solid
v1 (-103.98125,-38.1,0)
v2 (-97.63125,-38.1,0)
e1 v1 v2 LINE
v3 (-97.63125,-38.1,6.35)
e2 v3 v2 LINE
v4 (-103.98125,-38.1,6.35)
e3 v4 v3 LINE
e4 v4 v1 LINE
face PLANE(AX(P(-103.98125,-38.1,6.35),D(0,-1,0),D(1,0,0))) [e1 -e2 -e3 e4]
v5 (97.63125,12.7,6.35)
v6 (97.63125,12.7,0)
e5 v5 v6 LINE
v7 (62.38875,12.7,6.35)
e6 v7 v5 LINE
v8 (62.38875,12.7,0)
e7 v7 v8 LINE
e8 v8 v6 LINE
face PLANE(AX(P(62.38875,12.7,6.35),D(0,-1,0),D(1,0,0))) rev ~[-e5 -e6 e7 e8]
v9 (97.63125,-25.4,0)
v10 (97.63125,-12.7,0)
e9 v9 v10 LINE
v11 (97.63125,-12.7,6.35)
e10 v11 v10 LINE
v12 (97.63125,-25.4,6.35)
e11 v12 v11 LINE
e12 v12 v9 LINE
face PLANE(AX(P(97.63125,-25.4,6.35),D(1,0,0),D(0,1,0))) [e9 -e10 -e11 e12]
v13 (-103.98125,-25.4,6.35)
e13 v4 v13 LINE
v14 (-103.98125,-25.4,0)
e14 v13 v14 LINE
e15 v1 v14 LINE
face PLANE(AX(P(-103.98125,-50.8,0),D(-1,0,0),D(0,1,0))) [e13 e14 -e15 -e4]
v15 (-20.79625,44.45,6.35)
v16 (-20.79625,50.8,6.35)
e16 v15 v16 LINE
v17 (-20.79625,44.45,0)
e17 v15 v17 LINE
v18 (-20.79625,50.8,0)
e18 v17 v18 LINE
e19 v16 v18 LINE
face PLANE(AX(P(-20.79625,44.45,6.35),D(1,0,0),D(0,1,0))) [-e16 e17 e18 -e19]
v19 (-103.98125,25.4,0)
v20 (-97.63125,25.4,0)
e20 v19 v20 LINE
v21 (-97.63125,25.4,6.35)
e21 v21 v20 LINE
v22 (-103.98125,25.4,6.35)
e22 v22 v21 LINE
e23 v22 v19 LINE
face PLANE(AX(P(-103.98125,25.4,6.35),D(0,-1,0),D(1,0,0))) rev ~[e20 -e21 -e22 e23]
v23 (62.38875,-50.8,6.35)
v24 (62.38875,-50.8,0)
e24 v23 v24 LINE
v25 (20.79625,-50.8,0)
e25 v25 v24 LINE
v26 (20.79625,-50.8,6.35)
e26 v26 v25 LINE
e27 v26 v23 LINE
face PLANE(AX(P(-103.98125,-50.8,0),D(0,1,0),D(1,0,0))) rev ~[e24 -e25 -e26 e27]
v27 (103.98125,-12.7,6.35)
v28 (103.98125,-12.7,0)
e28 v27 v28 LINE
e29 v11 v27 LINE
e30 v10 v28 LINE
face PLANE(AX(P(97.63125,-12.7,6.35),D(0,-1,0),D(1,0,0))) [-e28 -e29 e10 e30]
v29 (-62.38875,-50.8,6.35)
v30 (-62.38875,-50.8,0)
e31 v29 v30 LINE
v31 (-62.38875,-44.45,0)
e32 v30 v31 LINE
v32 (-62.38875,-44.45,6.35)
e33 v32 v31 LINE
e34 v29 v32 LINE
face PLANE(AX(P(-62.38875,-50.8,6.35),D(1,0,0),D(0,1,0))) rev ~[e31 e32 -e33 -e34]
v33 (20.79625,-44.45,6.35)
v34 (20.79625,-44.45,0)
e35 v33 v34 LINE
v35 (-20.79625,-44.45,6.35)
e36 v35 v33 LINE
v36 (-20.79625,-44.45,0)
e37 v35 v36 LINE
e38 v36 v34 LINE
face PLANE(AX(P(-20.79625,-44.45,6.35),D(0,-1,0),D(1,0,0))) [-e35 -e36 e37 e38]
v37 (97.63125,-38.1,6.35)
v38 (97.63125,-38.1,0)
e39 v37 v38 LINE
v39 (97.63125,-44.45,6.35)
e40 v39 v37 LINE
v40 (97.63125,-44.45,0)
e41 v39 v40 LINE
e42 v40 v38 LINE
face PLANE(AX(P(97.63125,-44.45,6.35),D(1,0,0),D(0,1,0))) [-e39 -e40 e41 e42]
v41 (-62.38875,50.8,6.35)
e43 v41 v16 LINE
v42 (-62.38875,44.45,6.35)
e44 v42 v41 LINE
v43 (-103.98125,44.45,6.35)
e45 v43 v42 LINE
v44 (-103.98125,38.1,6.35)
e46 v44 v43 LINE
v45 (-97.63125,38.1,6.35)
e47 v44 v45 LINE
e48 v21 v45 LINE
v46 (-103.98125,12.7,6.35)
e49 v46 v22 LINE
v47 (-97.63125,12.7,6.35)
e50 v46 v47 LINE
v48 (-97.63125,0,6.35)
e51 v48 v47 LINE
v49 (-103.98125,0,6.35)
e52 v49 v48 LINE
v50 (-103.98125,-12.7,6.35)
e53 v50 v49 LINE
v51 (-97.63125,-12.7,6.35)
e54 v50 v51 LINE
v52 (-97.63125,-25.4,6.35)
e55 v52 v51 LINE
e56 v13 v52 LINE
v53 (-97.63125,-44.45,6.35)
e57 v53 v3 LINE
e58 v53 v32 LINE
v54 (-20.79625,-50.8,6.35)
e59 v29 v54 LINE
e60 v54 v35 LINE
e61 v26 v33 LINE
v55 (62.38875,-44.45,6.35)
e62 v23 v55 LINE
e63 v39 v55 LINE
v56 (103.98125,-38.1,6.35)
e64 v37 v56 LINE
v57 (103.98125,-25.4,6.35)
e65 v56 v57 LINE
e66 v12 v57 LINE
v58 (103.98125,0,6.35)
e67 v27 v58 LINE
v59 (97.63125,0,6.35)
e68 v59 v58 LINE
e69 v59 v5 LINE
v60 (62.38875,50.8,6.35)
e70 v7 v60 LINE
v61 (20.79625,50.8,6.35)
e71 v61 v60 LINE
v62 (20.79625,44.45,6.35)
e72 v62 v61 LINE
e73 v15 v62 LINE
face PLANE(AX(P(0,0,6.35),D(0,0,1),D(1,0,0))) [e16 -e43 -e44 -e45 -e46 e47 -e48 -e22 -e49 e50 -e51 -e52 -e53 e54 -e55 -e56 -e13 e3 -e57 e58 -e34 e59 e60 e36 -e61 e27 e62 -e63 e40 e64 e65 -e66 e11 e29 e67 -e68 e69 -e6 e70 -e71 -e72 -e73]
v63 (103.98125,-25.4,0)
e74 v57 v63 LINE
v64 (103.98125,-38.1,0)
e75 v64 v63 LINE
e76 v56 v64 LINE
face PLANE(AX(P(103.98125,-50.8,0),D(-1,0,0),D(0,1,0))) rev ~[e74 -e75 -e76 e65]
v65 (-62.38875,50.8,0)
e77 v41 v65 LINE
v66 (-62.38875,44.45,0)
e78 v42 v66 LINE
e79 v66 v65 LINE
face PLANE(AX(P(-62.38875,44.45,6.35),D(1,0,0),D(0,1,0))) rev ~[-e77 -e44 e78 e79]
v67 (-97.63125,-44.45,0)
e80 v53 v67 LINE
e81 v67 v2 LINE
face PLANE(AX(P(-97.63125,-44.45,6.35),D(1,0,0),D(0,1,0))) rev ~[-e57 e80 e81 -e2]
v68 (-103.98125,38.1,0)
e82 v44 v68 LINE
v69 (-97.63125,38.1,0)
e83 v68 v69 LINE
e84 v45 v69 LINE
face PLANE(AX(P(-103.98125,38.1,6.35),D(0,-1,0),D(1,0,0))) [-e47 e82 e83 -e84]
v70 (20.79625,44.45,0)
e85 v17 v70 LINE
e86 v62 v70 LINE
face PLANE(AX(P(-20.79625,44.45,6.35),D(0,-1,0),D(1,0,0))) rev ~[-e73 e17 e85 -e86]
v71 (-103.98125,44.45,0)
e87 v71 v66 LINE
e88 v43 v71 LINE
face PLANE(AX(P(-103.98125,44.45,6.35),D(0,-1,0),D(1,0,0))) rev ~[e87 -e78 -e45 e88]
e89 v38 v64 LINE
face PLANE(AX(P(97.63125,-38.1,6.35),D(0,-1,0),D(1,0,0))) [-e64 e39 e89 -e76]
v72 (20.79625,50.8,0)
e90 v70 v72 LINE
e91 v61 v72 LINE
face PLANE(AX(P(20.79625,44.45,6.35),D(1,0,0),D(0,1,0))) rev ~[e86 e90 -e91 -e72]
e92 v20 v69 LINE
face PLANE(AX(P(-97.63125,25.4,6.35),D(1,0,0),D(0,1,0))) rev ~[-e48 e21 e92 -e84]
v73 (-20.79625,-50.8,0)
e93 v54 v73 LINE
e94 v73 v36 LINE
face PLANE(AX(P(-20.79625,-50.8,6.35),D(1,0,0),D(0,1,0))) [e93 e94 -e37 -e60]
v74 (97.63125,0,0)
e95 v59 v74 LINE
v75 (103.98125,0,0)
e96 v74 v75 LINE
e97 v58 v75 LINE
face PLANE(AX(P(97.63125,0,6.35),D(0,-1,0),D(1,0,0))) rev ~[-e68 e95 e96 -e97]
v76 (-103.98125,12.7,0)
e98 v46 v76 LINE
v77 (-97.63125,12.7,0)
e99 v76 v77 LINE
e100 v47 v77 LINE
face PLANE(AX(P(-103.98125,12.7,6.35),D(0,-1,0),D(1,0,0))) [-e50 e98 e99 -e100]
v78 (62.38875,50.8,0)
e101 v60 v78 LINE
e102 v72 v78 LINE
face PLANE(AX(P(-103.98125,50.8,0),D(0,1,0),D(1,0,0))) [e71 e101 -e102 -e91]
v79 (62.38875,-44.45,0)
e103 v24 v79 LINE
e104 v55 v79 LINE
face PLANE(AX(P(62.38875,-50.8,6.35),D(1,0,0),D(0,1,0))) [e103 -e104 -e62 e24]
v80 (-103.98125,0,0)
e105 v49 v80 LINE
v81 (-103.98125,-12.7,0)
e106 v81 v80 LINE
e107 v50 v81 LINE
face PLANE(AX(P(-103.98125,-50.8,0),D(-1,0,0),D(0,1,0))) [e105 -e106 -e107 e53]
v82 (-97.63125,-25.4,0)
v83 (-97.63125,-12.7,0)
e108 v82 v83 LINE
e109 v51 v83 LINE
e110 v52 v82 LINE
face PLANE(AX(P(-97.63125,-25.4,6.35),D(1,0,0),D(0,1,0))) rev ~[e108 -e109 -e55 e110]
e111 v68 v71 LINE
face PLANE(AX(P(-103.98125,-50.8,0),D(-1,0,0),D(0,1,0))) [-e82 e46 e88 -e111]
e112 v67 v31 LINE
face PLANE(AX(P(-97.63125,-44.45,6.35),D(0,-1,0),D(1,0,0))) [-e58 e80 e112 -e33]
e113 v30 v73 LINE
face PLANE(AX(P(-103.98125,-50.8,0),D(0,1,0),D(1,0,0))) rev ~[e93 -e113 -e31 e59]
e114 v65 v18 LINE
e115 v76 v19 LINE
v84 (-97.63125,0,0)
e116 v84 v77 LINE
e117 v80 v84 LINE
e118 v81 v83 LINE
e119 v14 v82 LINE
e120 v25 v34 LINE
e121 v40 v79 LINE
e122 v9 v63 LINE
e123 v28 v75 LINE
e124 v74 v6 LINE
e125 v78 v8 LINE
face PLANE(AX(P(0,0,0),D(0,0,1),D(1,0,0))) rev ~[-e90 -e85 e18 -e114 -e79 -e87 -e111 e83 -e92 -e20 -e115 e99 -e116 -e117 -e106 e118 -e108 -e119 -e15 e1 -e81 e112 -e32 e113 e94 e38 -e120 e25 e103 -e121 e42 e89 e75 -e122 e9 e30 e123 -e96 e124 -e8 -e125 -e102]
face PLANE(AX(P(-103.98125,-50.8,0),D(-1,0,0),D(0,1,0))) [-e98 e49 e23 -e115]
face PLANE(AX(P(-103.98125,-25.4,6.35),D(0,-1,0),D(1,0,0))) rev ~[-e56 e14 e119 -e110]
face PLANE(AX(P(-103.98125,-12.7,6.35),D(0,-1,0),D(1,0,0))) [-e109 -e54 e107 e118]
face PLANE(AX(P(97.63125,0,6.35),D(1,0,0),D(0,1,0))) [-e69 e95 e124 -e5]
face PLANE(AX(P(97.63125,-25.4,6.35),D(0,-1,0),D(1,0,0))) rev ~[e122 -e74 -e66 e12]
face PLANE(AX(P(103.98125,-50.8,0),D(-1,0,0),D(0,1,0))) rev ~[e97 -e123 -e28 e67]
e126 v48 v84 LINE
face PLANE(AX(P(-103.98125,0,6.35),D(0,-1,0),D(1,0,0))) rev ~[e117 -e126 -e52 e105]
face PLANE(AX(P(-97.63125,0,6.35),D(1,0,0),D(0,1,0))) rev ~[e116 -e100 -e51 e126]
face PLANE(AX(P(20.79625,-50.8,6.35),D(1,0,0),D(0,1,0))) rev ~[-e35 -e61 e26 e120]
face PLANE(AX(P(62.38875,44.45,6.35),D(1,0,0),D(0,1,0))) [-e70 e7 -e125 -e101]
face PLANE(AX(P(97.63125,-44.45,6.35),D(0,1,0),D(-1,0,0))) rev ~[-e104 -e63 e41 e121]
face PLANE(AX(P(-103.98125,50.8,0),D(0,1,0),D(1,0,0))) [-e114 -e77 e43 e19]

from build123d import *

# Parameters (mm, degrees)
SKETCH1_W           = 207.9625
SKETCH1_H           = 101.6
BOSS_EXTRUDE1_DEPTH = 6.35
SKETCH2_W           = 41.5925
SKETCH2_H           = 6.35
SKETCH2_W_2         = 35.2425
SKETCH2_W_3         = 6.35
SKETCH2_H_2         = 12.7
CUT_EXTRUDE1_DEPTH  = 6.35
SKETCH3_W           = 41.5925
SKETCH3_H           = 31.75
CUT_EXTRUDE2_DEPTH  = 6.35


with BuildPart() as part:
    # Sketch1 → Boss-Extrude1 (new body)
    with BuildSketch(Plane.XY):
        Rectangle(SKETCH1_W, SKETCH1_H)
    extrude(amount=BOSS_EXTRUDE1_DEPTH)

    # Sketch2 → Cut-Extrude1 (cut)
    with BuildSketch(Plane.XY.offset(6.35)):
        with Locations((0, 47.625)):
            Rectangle(SKETCH2_W, SKETCH2_H)
        with Locations((-83.185, 47.625)):
            Rectangle(SKETCH2_W, SKETCH2_H)
        with Locations((83.185, 47.625)):
            Rectangle(SKETCH2_W, SKETCH2_H)
        with Locations((80.01, -47.625)):
            Rectangle(SKETCH2_W_2, SKETCH2_H)
        with Locations((100.80625, -47.625)):
            Rectangle(SKETCH2_W_3, SKETCH2_H)
        with Locations((100.80625, -41.275)):
            Rectangle(SKETCH2_W_3, SKETCH2_H)
        with Locations((0, -47.625)):
            Rectangle(SKETCH2_W, SKETCH2_H)
        with Locations((-100.80625, -41.275)):
            Rectangle(SKETCH2_W_3, SKETCH2_H)
        with Locations((-100.80625, -47.625)):
            Rectangle(SKETCH2_W_3, SKETCH2_H)
        with Locations((-80.01, -47.625)):
            Rectangle(SKETCH2_W_2, SKETCH2_H)
        with Locations((-100.80625, 31.75)):
            Rectangle(SKETCH2_W_3, SKETCH2_H_2)
        with Locations((-100.80625, 6.35)):
            Rectangle(SKETCH2_W_3, SKETCH2_H_2)
        with Locations((-100.80625, -19.05)):
            Rectangle(SKETCH2_W_3, SKETCH2_H_2)
        with Locations((100.80625, -19.05)):
            Rectangle(SKETCH2_W_3, SKETCH2_H_2)
        with Locations((100.80625, 6.35)):
            Rectangle(SKETCH2_W_3, SKETCH2_H_2)
        with Locations((100.80625, 31.75)):
            Rectangle(SKETCH2_W_3, SKETCH2_H_2)
    extrude(amount=-CUT_EXTRUDE1_DEPTH, mode=Mode.SUBTRACT)

    # Sketch3 → Cut-Extrude2 (cut)
    with BuildSketch(Plane.XY.offset(6.35)):
        with Locations((83.185, 28.575)):
            Rectangle(SKETCH3_W, SKETCH3_H)
    extrude(amount=-CUT_EXTRUDE2_DEPTH, mode=Mode.SUBTRACT)


solid = part.part
